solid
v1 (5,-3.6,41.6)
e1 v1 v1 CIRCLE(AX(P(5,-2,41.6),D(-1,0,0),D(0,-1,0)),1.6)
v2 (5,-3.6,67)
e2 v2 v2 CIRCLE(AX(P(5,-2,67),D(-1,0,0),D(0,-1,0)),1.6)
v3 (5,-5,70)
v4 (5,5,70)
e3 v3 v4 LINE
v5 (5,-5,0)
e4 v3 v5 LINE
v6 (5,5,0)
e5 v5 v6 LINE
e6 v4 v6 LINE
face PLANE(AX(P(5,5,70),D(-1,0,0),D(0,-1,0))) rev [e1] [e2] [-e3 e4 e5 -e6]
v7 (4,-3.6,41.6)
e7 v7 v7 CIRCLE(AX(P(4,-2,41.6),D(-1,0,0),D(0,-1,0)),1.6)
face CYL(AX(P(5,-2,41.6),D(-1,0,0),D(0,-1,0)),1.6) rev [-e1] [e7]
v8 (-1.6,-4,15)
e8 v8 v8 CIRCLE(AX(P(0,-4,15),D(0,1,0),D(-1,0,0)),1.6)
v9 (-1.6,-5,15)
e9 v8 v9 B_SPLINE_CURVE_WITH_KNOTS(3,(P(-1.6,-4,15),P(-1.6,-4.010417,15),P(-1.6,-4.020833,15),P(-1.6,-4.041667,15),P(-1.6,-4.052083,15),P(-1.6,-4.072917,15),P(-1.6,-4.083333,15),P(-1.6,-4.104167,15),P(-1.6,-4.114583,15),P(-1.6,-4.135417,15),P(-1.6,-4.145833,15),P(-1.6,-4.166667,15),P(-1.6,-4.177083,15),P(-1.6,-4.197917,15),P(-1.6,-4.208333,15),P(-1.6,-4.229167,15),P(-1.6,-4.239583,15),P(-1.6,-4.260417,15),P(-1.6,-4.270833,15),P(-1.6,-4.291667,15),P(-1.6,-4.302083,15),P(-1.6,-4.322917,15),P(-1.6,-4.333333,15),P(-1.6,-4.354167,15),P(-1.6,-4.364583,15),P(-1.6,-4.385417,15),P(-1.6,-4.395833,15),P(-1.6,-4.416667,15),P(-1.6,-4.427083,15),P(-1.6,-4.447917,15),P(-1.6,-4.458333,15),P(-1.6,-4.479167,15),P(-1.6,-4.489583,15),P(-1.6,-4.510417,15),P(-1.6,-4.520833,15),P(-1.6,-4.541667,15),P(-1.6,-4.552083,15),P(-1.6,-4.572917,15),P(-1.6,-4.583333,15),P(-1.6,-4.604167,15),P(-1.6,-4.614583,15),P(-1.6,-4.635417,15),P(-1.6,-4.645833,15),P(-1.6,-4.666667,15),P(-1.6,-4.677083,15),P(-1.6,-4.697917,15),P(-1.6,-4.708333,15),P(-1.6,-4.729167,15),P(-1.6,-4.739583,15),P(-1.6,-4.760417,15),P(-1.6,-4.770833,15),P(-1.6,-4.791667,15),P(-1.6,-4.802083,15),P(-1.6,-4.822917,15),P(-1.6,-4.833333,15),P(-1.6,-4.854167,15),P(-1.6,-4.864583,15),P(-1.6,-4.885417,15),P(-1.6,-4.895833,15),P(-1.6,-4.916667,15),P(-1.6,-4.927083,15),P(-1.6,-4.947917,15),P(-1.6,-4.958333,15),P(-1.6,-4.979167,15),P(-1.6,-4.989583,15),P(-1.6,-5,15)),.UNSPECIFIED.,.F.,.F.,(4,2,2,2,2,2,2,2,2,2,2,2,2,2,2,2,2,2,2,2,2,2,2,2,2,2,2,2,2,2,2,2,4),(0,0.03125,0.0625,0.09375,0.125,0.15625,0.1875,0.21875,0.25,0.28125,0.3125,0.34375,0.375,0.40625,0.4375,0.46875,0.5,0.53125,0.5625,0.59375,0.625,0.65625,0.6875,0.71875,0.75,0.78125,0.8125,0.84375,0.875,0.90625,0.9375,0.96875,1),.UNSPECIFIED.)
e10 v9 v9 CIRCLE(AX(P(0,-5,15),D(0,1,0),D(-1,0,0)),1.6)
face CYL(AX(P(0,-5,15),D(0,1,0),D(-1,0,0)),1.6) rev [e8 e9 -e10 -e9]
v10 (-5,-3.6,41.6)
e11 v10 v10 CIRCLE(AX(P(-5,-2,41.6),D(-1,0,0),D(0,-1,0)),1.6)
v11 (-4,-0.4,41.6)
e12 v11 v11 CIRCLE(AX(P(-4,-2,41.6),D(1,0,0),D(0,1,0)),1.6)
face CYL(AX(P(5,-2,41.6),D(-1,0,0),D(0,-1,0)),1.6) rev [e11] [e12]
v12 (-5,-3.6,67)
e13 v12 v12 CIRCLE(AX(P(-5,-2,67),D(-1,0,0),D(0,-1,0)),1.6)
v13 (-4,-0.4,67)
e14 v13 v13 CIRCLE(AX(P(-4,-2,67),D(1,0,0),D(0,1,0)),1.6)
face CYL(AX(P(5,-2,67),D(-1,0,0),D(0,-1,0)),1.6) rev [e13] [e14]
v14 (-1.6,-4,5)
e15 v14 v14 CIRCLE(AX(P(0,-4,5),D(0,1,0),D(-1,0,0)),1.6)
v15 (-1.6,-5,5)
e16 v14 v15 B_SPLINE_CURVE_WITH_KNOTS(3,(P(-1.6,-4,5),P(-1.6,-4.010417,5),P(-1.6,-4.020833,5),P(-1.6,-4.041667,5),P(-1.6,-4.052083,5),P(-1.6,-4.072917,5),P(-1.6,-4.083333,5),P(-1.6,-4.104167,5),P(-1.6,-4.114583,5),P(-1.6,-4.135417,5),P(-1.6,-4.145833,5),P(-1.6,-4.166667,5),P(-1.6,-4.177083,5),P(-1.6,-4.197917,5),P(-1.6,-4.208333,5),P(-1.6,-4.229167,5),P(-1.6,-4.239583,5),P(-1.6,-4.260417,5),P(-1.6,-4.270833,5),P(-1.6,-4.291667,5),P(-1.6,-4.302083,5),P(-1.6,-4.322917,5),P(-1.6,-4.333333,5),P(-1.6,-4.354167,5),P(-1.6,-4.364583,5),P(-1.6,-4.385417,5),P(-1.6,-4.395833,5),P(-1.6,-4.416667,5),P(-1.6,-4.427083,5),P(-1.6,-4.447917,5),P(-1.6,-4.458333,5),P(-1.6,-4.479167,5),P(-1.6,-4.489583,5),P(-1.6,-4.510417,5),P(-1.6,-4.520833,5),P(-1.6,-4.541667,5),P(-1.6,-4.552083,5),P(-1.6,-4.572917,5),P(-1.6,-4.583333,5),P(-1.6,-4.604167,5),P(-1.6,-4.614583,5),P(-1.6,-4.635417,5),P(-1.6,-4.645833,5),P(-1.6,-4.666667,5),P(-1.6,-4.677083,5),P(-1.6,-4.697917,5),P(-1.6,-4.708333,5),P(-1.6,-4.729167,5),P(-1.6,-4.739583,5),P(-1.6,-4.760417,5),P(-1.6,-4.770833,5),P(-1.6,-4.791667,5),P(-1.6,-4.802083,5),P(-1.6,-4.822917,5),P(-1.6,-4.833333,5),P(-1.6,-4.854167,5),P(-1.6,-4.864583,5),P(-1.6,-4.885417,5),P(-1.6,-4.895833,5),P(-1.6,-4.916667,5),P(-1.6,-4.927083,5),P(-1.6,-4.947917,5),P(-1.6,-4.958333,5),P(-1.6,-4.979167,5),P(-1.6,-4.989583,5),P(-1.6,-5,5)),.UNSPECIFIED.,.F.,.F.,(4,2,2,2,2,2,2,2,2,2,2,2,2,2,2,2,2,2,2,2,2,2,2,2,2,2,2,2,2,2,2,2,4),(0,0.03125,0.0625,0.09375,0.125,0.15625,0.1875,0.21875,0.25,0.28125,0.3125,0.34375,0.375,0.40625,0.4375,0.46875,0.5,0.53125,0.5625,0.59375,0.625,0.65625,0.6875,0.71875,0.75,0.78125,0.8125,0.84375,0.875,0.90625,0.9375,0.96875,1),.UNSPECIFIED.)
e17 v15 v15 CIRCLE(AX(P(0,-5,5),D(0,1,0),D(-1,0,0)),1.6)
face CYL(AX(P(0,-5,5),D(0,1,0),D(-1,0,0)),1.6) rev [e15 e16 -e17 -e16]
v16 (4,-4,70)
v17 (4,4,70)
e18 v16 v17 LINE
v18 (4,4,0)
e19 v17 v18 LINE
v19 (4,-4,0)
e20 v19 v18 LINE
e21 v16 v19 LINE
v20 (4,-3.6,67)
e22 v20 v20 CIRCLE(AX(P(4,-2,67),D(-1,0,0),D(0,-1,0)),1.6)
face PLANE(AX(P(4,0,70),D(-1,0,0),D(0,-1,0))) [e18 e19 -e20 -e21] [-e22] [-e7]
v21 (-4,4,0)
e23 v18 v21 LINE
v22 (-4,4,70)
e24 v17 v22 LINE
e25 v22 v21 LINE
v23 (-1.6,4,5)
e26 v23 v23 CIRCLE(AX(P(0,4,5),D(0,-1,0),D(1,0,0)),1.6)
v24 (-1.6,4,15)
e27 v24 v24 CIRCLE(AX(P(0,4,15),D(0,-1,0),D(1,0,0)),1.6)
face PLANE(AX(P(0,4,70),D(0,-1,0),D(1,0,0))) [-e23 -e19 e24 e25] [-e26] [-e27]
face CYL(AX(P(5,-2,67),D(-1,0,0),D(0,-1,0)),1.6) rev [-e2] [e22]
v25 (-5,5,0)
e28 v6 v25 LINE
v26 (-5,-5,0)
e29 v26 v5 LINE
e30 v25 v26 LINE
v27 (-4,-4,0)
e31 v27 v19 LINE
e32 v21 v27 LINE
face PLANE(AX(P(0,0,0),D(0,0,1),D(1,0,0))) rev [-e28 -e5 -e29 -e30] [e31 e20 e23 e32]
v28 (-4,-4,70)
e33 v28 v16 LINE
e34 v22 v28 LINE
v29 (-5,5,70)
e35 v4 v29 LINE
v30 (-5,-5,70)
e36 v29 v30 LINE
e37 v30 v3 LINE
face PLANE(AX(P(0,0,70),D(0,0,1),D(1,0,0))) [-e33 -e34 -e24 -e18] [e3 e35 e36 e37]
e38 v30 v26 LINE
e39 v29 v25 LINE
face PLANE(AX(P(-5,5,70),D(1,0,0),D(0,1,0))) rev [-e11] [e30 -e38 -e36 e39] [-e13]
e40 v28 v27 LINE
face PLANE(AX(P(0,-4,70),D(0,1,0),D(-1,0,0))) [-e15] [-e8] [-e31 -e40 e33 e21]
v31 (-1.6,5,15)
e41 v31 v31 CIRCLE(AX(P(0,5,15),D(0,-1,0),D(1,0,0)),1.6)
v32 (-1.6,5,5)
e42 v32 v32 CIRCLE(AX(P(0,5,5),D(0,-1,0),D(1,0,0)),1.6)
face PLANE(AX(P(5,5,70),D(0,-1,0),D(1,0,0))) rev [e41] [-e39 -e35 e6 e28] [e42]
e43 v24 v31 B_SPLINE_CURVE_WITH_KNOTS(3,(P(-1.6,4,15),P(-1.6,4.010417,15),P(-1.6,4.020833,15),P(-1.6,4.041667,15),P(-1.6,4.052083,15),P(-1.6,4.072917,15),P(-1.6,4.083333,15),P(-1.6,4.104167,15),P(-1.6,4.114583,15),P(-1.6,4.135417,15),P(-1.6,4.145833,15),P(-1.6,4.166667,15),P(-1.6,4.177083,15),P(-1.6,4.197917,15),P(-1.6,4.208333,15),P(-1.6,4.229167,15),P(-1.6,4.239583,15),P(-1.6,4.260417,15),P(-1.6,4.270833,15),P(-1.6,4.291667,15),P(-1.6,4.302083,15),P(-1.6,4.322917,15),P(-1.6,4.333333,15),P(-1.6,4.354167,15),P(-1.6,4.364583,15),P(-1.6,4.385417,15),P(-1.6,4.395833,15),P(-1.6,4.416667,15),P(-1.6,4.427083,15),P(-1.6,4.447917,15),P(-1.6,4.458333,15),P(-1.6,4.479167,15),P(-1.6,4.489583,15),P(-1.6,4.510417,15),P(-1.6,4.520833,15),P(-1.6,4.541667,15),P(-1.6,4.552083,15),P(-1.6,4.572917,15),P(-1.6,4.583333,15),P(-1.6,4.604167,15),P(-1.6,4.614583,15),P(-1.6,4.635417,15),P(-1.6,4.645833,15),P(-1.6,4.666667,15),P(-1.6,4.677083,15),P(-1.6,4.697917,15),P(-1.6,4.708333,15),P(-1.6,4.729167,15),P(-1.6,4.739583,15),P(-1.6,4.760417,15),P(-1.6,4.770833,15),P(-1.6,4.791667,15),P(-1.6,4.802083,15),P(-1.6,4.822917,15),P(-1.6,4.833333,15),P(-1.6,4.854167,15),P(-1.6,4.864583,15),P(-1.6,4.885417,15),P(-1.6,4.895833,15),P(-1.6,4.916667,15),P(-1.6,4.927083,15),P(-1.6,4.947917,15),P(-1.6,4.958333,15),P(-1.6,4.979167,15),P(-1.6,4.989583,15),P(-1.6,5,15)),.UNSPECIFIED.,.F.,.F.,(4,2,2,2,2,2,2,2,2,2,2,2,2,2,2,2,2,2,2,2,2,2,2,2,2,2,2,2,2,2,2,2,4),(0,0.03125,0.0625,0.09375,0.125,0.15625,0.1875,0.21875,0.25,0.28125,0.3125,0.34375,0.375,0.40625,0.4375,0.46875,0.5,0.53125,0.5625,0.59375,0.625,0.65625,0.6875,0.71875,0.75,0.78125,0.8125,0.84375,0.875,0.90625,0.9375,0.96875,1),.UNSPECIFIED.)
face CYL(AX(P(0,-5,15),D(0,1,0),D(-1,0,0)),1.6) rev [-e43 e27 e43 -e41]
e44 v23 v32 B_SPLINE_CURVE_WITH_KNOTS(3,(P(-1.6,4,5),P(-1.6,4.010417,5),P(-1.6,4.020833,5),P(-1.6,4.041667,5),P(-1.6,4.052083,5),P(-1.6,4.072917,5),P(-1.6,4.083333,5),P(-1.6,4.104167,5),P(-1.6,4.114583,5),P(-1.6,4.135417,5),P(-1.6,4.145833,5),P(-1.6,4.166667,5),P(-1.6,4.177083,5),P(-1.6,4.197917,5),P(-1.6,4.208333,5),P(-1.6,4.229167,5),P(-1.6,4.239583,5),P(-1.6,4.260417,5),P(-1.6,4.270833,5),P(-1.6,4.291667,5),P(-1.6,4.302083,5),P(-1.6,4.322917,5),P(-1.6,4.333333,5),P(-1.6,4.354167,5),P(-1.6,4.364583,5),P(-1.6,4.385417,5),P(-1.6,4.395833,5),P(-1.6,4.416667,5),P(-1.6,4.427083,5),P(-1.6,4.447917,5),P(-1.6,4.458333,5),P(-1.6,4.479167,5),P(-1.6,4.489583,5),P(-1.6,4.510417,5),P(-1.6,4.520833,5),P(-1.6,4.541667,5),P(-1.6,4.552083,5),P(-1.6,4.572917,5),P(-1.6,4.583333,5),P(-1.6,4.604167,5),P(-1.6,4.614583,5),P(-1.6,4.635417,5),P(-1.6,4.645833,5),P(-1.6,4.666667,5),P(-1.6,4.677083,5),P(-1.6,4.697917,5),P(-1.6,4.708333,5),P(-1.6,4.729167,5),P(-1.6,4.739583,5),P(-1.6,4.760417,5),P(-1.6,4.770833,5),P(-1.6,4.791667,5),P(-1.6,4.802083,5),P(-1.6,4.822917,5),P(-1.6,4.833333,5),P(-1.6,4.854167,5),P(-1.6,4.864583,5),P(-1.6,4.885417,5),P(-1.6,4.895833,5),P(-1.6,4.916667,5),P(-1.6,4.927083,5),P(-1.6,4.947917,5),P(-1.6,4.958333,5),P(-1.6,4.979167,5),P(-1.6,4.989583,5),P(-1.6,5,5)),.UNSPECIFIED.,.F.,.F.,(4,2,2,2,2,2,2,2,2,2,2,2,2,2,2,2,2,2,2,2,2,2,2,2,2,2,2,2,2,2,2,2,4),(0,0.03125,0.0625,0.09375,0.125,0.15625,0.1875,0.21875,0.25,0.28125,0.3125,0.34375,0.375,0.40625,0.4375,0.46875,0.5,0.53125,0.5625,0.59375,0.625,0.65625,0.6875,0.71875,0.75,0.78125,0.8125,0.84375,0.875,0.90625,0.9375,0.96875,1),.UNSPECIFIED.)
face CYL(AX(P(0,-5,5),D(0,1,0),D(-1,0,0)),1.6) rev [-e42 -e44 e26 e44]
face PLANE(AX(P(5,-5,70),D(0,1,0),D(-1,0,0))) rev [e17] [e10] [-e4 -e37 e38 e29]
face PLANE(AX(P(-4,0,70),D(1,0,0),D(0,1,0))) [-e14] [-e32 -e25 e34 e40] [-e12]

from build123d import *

# Parameters (mm, degrees)
SKETCH_1_W               = 10
SKETCH_1_H               = 10
SKETCH_1_W_2             = 8
SKETCH_1_H_2             = 8
EXTRUDE_1_DEPTH          = 70
CUT_EXTRUDE_2_DEPTH      = 71.887234394
CUT_EXTRUDE_2_DEPTH_BACK = 71.887234394
SKETCH_3_R               = 1.6
SKETCH_4_R               = 1.6
CUT_EXTRUDE_3_DEPTH      = 71.887234394


with BuildPart() as part:
    # ｽｹｯﾁ1 → 押し出し-薄板1 (new body)
    with BuildSketch(Plane.XY):
        Rectangle(SKETCH_1_W, SKETCH_1_H)
        Rectangle(SKETCH_1_W_2, SKETCH_1_H_2, mode=Mode.SUBTRACT)
    extrude(amount=EXTRUDE_1_DEPTH)

    # ｽｹｯﾁ3 → ｶｯﾄ - 押し出し2 (cut, two sides: drawn at the far end of the back side and taken through both)
    with BuildSketch(Plane(origin=(0, 5, 0), x_dir=(1, 0, 0), z_dir=(0, 1, 0)).offset(-CUT_EXTRUDE_2_DEPTH_BACK)):
        with Locations(Location((0, -5, 0), (0, 0, 180))):
            Circle(SKETCH_3_R)
        with Locations(Location((0, -15, 0), (0, 0, 180))):
            Circle(SKETCH_3_R)
    extrude(amount=CUT_EXTRUDE_2_DEPTH + CUT_EXTRUDE_2_DEPTH_BACK, mode=Mode.SUBTRACT)

    # ｽｹｯﾁ4 → ｶｯﾄ - 押し出し3 (cut, through all)
    with BuildSketch(Plane.ZY.offset(5)):
        with Locations(Location((67, -2, 0), (0, 0, 270))):
            Circle(SKETCH_4_R)
        with Locations(Location((41.6, -2, 0), (0, 0, 270))):
            Circle(SKETCH_4_R)
    extrude(amount=-CUT_EXTRUDE_3_DEPTH, mode=Mode.SUBTRACT)


solid = part.part
